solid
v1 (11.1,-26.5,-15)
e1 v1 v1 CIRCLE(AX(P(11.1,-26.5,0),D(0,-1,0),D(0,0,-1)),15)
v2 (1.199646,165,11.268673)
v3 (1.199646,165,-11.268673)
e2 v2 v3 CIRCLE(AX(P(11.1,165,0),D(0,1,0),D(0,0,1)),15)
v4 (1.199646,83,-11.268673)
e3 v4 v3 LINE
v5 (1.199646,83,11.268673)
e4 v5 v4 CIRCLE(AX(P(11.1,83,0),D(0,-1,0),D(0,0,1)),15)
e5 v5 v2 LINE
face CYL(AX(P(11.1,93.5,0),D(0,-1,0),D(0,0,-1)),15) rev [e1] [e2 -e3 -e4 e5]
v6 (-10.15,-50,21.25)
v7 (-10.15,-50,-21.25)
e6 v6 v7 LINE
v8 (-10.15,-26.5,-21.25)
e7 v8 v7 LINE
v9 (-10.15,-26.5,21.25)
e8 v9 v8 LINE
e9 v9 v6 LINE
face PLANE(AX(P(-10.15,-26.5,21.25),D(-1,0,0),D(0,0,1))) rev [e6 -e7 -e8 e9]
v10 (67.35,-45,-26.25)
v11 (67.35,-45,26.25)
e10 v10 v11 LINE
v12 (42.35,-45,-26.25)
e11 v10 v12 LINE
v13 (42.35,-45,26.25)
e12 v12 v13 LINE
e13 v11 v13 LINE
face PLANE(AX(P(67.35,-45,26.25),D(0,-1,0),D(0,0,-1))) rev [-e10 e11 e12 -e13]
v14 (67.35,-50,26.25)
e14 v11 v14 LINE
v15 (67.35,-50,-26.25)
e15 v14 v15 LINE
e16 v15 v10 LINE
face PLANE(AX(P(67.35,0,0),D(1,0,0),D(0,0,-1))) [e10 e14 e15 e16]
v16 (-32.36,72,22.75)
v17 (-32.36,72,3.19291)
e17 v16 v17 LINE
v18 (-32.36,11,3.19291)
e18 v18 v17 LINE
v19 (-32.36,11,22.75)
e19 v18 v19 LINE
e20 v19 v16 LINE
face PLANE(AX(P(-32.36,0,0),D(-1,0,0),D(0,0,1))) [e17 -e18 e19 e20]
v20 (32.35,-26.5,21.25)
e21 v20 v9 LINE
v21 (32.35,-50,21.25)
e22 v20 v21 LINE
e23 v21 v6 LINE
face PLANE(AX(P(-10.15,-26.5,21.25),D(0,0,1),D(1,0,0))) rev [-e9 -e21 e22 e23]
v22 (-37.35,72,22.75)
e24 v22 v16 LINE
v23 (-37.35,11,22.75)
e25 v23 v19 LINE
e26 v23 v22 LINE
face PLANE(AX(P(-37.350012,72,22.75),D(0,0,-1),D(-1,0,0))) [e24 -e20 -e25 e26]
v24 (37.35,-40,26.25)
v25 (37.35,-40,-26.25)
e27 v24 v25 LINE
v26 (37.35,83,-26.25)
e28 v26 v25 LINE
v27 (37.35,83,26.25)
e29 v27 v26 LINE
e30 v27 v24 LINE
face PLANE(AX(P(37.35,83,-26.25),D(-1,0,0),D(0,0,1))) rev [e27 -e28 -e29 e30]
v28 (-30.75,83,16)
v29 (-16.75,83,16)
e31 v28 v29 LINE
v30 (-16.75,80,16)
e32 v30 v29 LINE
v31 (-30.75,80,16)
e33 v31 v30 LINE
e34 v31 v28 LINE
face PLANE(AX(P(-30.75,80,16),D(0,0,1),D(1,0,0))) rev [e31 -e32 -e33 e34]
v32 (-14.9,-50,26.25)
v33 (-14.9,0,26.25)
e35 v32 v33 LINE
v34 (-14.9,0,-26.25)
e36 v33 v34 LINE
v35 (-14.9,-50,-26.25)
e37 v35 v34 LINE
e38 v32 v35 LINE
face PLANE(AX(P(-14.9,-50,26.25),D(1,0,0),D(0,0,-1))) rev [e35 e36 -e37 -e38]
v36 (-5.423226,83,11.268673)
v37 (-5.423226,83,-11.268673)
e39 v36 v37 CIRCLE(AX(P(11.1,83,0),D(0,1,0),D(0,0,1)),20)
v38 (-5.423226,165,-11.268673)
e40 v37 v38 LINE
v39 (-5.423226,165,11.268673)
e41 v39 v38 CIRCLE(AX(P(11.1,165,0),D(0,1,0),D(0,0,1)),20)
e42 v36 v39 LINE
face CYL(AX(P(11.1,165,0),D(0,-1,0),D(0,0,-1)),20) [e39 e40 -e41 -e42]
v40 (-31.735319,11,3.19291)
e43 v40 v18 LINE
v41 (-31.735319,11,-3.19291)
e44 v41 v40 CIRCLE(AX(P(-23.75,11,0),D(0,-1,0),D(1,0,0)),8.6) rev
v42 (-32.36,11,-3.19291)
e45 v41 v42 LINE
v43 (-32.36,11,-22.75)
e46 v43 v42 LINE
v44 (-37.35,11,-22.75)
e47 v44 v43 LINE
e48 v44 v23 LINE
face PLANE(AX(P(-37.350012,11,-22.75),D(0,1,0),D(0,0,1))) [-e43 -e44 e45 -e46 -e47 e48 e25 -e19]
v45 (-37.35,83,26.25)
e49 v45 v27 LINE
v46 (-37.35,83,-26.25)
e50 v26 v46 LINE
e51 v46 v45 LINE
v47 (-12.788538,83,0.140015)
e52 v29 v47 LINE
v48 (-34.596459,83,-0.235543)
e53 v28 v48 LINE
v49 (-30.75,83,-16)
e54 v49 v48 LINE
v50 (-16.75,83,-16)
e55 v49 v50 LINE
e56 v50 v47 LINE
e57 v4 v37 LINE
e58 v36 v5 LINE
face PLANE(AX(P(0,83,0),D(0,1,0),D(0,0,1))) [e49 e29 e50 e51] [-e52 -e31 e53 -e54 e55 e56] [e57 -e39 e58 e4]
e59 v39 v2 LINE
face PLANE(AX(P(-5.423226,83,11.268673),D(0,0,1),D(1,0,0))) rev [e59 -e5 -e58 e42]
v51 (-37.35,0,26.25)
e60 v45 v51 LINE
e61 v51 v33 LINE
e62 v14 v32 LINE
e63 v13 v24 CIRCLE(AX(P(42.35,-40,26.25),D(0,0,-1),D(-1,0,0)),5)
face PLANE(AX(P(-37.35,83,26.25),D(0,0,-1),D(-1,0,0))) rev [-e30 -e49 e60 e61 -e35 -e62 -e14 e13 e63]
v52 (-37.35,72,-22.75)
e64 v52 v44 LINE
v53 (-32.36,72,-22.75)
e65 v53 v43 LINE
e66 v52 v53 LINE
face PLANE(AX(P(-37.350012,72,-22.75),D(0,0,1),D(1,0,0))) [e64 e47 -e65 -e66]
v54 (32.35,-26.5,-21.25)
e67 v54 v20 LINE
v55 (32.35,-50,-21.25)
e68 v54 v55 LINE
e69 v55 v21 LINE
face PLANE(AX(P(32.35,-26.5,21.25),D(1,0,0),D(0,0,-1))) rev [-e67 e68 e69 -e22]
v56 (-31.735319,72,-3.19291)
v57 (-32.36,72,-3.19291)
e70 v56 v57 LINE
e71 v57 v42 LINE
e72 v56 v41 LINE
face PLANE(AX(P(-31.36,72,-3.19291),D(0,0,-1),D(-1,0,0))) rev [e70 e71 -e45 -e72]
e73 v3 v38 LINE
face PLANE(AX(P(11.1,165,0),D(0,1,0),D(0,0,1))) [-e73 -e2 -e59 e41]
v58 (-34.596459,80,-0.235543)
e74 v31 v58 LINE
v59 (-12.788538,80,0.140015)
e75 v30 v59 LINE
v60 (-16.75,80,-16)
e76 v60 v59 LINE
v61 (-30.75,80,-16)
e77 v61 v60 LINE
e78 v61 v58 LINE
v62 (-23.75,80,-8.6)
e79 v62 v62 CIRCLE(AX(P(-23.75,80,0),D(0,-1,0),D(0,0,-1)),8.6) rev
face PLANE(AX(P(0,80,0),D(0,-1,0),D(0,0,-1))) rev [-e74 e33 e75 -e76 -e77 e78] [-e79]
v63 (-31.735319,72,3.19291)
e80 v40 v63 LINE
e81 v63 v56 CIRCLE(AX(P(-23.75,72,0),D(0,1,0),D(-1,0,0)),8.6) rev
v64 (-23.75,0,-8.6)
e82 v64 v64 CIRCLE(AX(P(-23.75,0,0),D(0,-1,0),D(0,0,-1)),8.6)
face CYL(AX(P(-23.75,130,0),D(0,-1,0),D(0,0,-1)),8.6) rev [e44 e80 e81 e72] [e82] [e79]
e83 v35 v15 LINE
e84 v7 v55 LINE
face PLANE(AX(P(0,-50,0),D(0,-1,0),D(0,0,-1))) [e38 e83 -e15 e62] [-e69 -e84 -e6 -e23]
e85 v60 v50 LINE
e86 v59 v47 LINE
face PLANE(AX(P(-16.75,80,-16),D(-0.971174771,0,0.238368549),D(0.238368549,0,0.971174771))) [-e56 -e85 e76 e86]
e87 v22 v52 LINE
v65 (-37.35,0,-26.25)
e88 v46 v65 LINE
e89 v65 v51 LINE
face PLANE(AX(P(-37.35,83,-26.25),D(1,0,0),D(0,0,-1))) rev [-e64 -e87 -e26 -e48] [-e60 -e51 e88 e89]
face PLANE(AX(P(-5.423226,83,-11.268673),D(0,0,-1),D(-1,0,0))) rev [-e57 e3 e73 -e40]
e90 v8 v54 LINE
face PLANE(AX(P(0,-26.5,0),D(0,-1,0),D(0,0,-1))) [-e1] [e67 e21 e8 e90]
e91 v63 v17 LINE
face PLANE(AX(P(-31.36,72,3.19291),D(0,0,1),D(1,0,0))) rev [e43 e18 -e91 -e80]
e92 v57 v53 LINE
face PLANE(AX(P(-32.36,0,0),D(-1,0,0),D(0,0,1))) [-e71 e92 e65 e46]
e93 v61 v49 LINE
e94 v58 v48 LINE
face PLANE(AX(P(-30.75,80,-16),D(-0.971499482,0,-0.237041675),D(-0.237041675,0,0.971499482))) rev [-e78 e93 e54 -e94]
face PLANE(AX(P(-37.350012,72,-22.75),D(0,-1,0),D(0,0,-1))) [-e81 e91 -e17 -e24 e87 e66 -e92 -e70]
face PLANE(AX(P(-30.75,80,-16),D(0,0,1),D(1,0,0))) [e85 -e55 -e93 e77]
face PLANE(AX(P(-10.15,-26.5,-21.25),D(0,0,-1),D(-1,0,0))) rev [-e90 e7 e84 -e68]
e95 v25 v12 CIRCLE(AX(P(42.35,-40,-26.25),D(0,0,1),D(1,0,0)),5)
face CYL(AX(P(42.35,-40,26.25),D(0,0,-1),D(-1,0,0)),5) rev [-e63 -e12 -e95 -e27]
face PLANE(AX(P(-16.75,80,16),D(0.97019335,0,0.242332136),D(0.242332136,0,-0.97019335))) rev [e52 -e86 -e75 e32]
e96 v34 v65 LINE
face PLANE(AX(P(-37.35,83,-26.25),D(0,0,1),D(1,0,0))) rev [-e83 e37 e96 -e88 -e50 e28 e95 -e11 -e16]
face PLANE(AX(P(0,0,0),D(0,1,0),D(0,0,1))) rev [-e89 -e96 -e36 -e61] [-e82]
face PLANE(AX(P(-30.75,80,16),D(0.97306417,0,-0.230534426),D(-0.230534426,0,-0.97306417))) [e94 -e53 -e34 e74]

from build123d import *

# Parameters (mm, degrees)
SKETCH1_W                = 74.7
SKETCH1_H                = 52.5
BOSS_EXTRUDE1_DEPTH      = 83
SKETCH4_W                = 42.5
SKETCH4_H                = 42.5
CUT_EXTRUDE1_DEPTH       = 24
SKETCH7_R                = 8.6
CUT_EXTRUDE6_DEPTH       = 130
CUT_EXTRUDE16_DEPTH      = 115.708990493
CUT_EXTRUDE16_DEPTH_BACK = 4.99
SKETCH13_W               = 45.5
SKETCH13_H               = 61
SKETCH15_W               = 6.385819608
SKETCH15_H               = 61
CUT_EXTRUDE17_DEPTH      = 1
SKETCH18_W               = 42.5
SKETCH18_H               = 42.5
BOSS_EXTRUDE2_DEPTH      = 31
SKETCH19_W               = 52.25
SKETCH19_H               = 52.5
BOSS_EXTRUDE3_DEPTH      = 50
SKETCH20_W               = 42.5
SKETCH20_H               = 42.5
CUT_EXTRUDE19_DEPTH      = 23.5
SKETCH21_W               = 52.5
SKETCH21_H               = 5
BOSS_EXTRUDE4_DEPTH      = 30
FILLET1_R                = 5
SKETCH22_R               = 15
CUT_EXTRUDE20_DEPTH      = 120
CUT_EXTRUDE21_DEPTH      = 3
SKETCH24_R               = 20
SKETCH24_R_2             = 15
BOSS_EXTRUDE5_DEPTH      = 82
CUT_EXTRUDE22_START      = -82
CUT_EXTRUDE22_DEPTH      = 82


with BuildPart() as part:
    # Sketch1 → Boss-Extrude1 (new body)
    with BuildSketch(Plane(origin=(0, 0, 0), x_dir=(1, 0, 0), z_dir=(0, 1, 0))):
        Rectangle(SKETCH1_W, SKETCH1_H)
    extrude(amount=BOSS_EXTRUDE1_DEPTH)

    # Sketch4 → Cut-Extrude1 (cut)
    with BuildSketch(Plane.XZ):
        with Locations((11.1, 0)):
            Rectangle(SKETCH4_W, SKETCH4_H)
    extrude(amount=-CUT_EXTRUDE1_DEPTH, mode=Mode.SUBTRACT)

    # Sketch7 → Cut-Extrude6 (cut)
    with BuildSketch(Plane.XZ):
        with Locations(Location((-23.75, 0, 0), (0, 0, 270))):
            Circle(SKETCH7_R)
    extrude(amount=-CUT_EXTRUDE6_DEPTH, mode=Mode.SUBTRACT)

    # Sketch13 → Cut-Extrude16 (cut, two sides: drawn at the far end of the back side and taken through both)
    with BuildSketch(Plane.ZY.offset(37.35).offset(-CUT_EXTRUDE16_DEPTH_BACK)):
        with Locations((0, 41.5)):
            Rectangle(SKETCH13_W, SKETCH13_H)
    extrude(amount=CUT_EXTRUDE16_DEPTH + CUT_EXTRUDE16_DEPTH_BACK, mode=Mode.SUBTRACT)

    # Sketch15 → Cut-Extrude17 (cut)
    with BuildSketch(Plane.ZY.offset(32.36)):
        with Locations((0, 41.5)):
            Rectangle(SKETCH15_W, SKETCH15_H)
    extrude(amount=-CUT_EXTRUDE17_DEPTH, mode=Mode.SUBTRACT)

    # Sketch18 → Boss-Extrude2 (add)
    with BuildSketch(Plane.XZ):
        with Locations((11.1, 0)):
            Rectangle(SKETCH18_W, SKETCH18_H)
    extrude(amount=-BOSS_EXTRUDE2_DEPTH)

    # Sketch19 → Boss-Extrude3 (add)
    with BuildSketch(Plane.XZ):
        with Locations((11.225, 0)):
            Rectangle(SKETCH19_W, SKETCH19_H)
    extrude(amount=BOSS_EXTRUDE3_DEPTH)

    # Sketch20 → Cut-Extrude19 (cut)
    with BuildSketch(Plane.XZ.offset(50)):
        with Locations((11.1, 0)):
            Rectangle(SKETCH20_W, SKETCH20_H)
    extrude(amount=-CUT_EXTRUDE19_DEPTH, mode=Mode.SUBTRACT)

    # Sketch21 → Boss-Extrude4 (add)
    with BuildSketch(Plane(origin=(37.35, 0, 0), x_dir=(0, 0, -1), z_dir=(1, 0, 0))):
        with Locations((0, -47.5)):
            Rectangle(SKETCH21_W, SKETCH21_H)
    extrude(amount=BOSS_EXTRUDE4_DEPTH)

    # Fillet1
    fillet1_edges = [part.edges().sort_by_distance(p)[0] for p in [
        (37.35, -45, 0),
    ]]
    fillet(fillet1_edges, radius=FILLET1_R)

    # Sketch22 → Cut-Extrude20 (cut)
    with BuildSketch(Plane.XZ.offset(26.5)):
        with Locations(Location((11.1, 0, 0), (0, 0, 270))):
            Circle(SKETCH22_R)
    extrude(amount=-CUT_EXTRUDE20_DEPTH, mode=Mode.SUBTRACT)

    # Sketch23 → Cut-Extrude21 (cut)
    with BuildSketch(Plane(origin=(0, 83, 0), x_dir=(1, 0, 0), z_dir=(0, 1, 0))):
        Polygon((-16.75, 16), (-12.788538026, -0.140014893), (-16.75, -16), (-30.75, -16), (-34.596459266, 0.235543482), (-30.75, 16), align=None)
    extrude(amount=-CUT_EXTRUDE21_DEPTH, mode=Mode.SUBTRACT)

    # Sketch24 → Boss-Extrude5 (add)
    with BuildSketch(Plane(origin=(0, 83, 0), x_dir=(1, 0, 0), z_dir=(0, 1, 0))):
        with Locations(Location((11.1, 0, 0), (0, 0, 270))):
            Circle(SKETCH24_R)
        with Locations(Location((11.1, 0, 0), (0, 0, 90))):
            Circle(SKETCH24_R_2, mode=Mode.SUBTRACT)
    extrude(amount=BOSS_EXTRUDE5_DEPTH)

    # Sketch27 → Cut-Extrude22 (cut)
    with BuildSketch(Plane(origin=(0, 165, 0), x_dir=(1, 0, 0), z_dir=(0, 1, 0)).offset(CUT_EXTRUDE22_START)):
        with BuildLine():
            Line((-5.423226258, 11.268673126), (1.199646169, 11.268673126))
            ThreePointArc((1.199646169, 11.268673126), (-3.9, 0), (1.199646169, -11.268673126))
            Line((1.199646169, -11.268673126), (-5.423226258, -11.268673126))
            ThreePointArc((-5.423226258, -11.268673126), (-8.9, 0), (-5.423226258, 11.268673126))
        make_face()
    extrude(amount=CUT_EXTRUDE22_DEPTH, mode=Mode.SUBTRACT)


solid = part.part
